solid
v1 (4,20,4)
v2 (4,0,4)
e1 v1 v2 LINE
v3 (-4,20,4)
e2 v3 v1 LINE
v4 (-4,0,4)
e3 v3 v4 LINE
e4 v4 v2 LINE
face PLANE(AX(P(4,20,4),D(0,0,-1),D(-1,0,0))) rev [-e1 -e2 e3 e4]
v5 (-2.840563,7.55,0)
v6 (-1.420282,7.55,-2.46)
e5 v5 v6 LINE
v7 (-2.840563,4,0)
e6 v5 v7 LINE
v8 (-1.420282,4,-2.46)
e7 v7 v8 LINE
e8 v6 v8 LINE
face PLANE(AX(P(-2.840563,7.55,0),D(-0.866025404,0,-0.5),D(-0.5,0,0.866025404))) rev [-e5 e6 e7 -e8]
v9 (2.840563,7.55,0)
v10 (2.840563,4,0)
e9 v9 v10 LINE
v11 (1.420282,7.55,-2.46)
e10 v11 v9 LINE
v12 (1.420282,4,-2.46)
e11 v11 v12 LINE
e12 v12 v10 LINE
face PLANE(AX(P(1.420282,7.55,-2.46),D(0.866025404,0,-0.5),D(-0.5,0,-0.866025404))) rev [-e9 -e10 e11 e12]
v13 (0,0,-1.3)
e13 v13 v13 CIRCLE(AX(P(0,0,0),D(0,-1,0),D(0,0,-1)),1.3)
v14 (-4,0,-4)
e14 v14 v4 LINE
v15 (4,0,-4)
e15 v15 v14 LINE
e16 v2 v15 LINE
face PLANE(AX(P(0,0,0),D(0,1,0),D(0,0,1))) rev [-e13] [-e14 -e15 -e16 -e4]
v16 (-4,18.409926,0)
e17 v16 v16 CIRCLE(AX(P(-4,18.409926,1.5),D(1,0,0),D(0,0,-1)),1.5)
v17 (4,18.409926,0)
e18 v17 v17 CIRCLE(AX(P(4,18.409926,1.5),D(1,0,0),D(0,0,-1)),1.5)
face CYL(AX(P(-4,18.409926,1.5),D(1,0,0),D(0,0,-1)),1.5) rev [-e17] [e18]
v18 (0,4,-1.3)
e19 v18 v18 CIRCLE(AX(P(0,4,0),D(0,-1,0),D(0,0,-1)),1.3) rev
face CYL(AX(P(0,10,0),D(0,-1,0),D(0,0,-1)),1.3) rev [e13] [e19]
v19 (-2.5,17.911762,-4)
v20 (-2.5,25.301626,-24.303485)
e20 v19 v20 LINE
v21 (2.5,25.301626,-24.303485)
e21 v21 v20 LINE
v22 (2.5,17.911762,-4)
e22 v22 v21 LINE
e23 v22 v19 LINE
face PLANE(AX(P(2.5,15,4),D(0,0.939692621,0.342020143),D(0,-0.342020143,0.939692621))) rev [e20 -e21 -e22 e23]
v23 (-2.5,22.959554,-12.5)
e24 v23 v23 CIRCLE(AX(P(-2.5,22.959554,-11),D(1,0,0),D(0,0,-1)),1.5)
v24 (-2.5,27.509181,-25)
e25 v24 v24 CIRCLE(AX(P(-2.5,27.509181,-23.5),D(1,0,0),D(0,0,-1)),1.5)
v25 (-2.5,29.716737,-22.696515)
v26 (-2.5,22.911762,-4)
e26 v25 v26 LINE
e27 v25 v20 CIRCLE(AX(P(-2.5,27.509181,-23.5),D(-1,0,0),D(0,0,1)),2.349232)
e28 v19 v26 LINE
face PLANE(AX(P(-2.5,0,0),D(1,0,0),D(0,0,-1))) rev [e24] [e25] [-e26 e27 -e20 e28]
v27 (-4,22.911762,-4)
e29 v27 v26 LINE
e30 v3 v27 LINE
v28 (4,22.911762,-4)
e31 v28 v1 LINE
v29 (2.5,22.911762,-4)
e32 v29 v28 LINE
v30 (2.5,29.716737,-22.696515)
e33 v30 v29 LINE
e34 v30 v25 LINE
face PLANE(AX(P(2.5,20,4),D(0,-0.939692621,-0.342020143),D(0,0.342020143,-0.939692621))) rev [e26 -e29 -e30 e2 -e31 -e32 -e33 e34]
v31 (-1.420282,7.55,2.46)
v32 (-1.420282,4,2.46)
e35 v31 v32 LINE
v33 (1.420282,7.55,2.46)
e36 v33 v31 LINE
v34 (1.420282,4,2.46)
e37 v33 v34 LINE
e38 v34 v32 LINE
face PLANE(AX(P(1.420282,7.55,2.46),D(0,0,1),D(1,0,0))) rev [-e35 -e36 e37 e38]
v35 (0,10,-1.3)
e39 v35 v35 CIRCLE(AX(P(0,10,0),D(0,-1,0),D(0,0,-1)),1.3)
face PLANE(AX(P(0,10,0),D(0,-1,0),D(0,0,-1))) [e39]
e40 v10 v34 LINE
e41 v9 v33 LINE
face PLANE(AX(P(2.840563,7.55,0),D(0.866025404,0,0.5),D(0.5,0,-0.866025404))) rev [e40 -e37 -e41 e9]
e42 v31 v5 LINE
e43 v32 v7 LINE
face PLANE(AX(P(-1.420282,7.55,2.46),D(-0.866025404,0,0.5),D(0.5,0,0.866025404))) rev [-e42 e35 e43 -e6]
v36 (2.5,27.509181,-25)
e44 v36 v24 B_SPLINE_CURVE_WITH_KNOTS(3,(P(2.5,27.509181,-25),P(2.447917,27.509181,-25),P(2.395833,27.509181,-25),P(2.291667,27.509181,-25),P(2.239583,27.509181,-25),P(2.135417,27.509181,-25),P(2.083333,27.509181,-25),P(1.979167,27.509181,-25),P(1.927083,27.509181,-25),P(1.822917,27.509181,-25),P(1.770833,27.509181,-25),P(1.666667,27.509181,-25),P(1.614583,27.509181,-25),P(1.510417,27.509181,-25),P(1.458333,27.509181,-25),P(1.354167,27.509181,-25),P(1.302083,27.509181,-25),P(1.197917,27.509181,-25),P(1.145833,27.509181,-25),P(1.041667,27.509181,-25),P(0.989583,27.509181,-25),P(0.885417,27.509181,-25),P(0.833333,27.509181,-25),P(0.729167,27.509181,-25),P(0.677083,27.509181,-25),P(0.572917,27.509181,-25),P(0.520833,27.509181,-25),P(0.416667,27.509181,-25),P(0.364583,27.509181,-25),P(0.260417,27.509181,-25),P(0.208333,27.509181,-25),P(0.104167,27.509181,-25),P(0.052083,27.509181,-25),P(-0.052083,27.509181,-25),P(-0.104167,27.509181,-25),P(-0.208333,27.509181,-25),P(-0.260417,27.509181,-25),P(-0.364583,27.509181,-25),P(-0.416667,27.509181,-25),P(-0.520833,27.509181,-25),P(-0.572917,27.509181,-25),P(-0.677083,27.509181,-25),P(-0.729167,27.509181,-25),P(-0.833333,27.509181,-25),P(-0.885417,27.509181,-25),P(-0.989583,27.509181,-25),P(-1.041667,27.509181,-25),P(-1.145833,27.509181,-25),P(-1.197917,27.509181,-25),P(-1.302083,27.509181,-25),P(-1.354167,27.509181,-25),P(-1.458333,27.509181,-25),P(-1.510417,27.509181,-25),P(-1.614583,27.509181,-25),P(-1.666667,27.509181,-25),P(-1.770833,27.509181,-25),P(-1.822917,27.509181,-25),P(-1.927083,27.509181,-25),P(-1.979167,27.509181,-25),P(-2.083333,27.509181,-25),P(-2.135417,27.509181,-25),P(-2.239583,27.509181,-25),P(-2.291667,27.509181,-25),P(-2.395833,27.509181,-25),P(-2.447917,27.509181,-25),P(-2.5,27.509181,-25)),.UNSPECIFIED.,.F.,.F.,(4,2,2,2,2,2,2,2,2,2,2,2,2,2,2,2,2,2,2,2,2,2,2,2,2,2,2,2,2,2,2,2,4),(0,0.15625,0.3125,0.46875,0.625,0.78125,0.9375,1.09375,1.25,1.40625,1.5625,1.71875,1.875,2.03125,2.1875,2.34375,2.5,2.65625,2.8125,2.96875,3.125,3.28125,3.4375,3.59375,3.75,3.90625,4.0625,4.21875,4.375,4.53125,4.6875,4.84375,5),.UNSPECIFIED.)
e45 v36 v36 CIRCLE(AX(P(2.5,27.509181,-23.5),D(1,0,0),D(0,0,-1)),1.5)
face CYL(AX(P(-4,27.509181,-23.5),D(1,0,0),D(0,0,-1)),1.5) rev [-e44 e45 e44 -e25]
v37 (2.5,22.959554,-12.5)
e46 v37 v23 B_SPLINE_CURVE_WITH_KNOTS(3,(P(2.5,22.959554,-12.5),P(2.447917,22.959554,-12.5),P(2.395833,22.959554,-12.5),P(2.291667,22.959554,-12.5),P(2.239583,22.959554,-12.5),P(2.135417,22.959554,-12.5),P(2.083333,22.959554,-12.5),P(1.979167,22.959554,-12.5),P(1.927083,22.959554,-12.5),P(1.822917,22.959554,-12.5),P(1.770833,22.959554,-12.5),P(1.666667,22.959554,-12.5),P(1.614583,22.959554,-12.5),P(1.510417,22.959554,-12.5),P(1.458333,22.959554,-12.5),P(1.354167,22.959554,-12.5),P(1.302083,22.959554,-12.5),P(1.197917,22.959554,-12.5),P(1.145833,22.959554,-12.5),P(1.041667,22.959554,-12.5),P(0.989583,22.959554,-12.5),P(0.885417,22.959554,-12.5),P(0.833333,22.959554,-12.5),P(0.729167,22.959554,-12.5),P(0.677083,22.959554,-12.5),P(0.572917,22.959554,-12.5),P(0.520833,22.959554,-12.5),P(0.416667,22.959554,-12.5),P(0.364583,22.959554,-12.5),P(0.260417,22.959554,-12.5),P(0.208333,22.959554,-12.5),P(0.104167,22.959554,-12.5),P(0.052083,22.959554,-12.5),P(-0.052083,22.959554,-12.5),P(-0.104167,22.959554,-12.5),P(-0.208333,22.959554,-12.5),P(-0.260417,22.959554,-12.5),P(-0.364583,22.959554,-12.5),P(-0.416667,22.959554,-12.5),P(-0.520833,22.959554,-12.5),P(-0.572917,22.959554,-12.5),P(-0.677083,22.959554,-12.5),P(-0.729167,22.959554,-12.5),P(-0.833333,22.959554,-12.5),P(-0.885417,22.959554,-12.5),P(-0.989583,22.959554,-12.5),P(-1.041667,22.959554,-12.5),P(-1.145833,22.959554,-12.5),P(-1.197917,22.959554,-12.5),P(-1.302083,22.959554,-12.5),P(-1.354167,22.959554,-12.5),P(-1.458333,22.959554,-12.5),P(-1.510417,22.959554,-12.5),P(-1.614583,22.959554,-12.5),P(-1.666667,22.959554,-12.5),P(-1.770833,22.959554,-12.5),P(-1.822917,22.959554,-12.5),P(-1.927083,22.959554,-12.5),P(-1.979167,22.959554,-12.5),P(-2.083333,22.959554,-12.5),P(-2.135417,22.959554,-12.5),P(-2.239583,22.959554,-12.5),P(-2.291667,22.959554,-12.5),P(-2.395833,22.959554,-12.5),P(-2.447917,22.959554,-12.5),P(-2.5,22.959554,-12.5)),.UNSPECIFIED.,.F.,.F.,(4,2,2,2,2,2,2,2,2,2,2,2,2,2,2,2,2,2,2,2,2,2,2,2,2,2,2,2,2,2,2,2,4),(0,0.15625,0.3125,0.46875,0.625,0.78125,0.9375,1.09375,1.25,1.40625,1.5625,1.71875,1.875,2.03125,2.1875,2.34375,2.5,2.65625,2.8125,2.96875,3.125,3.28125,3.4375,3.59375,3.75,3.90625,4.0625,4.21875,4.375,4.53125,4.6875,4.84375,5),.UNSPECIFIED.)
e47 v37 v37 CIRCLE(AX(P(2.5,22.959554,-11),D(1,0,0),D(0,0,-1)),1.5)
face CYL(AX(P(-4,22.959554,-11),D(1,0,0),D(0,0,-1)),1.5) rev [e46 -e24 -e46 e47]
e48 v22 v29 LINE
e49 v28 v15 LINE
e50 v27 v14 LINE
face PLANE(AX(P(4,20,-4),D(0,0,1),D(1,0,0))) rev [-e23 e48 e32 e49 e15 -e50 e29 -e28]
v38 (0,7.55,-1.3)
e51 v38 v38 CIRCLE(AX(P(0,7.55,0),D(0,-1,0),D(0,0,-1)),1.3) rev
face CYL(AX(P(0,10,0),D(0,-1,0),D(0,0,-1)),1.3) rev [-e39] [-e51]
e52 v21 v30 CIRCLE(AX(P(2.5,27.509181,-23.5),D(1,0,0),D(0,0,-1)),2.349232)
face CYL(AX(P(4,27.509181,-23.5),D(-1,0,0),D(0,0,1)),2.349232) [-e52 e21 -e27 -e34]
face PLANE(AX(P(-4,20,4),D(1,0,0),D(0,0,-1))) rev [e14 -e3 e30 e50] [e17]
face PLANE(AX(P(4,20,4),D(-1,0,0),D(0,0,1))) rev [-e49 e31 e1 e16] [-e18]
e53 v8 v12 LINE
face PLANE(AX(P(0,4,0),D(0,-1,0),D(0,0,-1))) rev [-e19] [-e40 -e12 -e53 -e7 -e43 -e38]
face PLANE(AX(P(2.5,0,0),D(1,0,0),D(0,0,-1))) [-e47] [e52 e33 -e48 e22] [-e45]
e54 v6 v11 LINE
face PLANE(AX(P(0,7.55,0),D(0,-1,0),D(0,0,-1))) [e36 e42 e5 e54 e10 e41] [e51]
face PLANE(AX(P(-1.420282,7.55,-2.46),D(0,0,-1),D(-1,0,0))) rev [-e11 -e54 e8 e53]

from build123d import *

# Parameters (mm, degrees)
SKETCH_1_W               = 8
SKETCH_1_H               = 8
EXTRUDE_1_DEPTH          = 20
EXTRUDE_2_DEPTH          = 2.5
CUT_EXTRUDE_1_DEPTH      = 41.91749234
CUT_EXTRUDE_1_DEPTH_BACK = 41.91749234
SKETCH_4_R               = 1.5
CUT_EXTRUDE_2_DEPTH      = 41.91749234
SKETCH_9_R               = 1.3
CUT_EXTRUDE_3_DEPTH      = 10
EXTRUDE_3_DEPTH          = 8
CUT_EXTRUDE_START        = -4
CUT_EXTRUDE_4_DEPTH      = 3.55


with BuildPart() as part:
    # 草图1 → 凸台-拉伸1 (new body)
    with BuildSketch(Plane(origin=(0, 0, 0), x_dir=(1, 0, 0), z_dir=(0, 1, 0))):
        Rectangle(SKETCH_1_W, SKETCH_1_H)
    extrude(amount=EXTRUDE_1_DEPTH)

    # 草图2 → 凸台-拉伸2 (add, symmetric)
    with BuildSketch(Plane(origin=(0, 0, 0), x_dir=(0, 0, -1), z_dir=(1, 0, 0))):
        Polygon((-4, 20), (26, 30.919107028), (26, 25.919107028), (-4, 15), align=None)
    extrude(amount=EXTRUDE_2_DEPTH, both=True)

    # 草图4 → 切除-拉伸1 (cut, two sides: drawn at the far end of the back side and taken through both)
    with BuildSketch(Plane(origin=(2.5, 0, 0), x_dir=(0, 0, -1), z_dir=(1, 0, 0)).offset(-CUT_EXTRUDE_1_DEPTH_BACK)):
        with Locations((-1.5, 18.409925586)):
            Circle(SKETCH_4_R)
        with Locations((23.5, 27.509181442)):
            Circle(SKETCH_4_R)
        with Locations((11, 22.959553514)):
            Circle(SKETCH_4_R)
    extrude(amount=CUT_EXTRUDE_1_DEPTH + CUT_EXTRUDE_1_DEPTH_BACK, mode=Mode.SUBTRACT)

    # 草图7 → 切除-拉伸2 (cut, through all)
    with BuildSketch(Plane.ZY.offset(2.5)):
        with BuildLine():
            Line((-26, 30.919107028), (-26, 25.919107028))
            Line((-26, 25.919107028), (-24.303484649, 25.301625938))
            ThreePointArc((-24.303484649, 25.301625938), (-25.707555519, 28.312666051), (-22.696515431, 29.716736975))
            Line((-22.696515431, 29.716736975), (-26, 30.919107028))
        make_face()
    extrude(amount=-CUT_EXTRUDE_2_DEPTH, mode=Mode.SUBTRACT)

    # 草图9 → 切除-拉伸3 (cut)
    with BuildSketch(Plane.XZ):
        with Locations(Location((0, 0, 0), (0, 0, 270))):
            Circle(SKETCH_9_R)
    extrude(amount=-CUT_EXTRUDE_3_DEPTH, mode=Mode.SUBTRACT)

    # 草图11 → 凸台-拉伸3 (add)
    with BuildSketch(Plane(origin=(4, 0, 0), x_dir=(0, 0, -1), z_dir=(1, 0, 0))):
        Polygon((-4, 20), (4, 20), (4, 22.911761874), align=None)
    extrude(amount=-EXTRUDE_3_DEPTH)

    # 草图12 → 切除-拉伸4 (cut)
    with BuildSketch(Plane.XZ.offset(CUT_EXTRUDE_START)):
        Polygon((2.840563324, 0), (1.420281662, 2.46), (-1.420281662, 2.46), (-2.840563324, 0), (-1.420281662, -2.46), (1.420281662, -2.46), align=None)
    extrude(amount=-CUT_EXTRUDE_4_DEPTH, mode=Mode.SUBTRACT)


solid = part.part
